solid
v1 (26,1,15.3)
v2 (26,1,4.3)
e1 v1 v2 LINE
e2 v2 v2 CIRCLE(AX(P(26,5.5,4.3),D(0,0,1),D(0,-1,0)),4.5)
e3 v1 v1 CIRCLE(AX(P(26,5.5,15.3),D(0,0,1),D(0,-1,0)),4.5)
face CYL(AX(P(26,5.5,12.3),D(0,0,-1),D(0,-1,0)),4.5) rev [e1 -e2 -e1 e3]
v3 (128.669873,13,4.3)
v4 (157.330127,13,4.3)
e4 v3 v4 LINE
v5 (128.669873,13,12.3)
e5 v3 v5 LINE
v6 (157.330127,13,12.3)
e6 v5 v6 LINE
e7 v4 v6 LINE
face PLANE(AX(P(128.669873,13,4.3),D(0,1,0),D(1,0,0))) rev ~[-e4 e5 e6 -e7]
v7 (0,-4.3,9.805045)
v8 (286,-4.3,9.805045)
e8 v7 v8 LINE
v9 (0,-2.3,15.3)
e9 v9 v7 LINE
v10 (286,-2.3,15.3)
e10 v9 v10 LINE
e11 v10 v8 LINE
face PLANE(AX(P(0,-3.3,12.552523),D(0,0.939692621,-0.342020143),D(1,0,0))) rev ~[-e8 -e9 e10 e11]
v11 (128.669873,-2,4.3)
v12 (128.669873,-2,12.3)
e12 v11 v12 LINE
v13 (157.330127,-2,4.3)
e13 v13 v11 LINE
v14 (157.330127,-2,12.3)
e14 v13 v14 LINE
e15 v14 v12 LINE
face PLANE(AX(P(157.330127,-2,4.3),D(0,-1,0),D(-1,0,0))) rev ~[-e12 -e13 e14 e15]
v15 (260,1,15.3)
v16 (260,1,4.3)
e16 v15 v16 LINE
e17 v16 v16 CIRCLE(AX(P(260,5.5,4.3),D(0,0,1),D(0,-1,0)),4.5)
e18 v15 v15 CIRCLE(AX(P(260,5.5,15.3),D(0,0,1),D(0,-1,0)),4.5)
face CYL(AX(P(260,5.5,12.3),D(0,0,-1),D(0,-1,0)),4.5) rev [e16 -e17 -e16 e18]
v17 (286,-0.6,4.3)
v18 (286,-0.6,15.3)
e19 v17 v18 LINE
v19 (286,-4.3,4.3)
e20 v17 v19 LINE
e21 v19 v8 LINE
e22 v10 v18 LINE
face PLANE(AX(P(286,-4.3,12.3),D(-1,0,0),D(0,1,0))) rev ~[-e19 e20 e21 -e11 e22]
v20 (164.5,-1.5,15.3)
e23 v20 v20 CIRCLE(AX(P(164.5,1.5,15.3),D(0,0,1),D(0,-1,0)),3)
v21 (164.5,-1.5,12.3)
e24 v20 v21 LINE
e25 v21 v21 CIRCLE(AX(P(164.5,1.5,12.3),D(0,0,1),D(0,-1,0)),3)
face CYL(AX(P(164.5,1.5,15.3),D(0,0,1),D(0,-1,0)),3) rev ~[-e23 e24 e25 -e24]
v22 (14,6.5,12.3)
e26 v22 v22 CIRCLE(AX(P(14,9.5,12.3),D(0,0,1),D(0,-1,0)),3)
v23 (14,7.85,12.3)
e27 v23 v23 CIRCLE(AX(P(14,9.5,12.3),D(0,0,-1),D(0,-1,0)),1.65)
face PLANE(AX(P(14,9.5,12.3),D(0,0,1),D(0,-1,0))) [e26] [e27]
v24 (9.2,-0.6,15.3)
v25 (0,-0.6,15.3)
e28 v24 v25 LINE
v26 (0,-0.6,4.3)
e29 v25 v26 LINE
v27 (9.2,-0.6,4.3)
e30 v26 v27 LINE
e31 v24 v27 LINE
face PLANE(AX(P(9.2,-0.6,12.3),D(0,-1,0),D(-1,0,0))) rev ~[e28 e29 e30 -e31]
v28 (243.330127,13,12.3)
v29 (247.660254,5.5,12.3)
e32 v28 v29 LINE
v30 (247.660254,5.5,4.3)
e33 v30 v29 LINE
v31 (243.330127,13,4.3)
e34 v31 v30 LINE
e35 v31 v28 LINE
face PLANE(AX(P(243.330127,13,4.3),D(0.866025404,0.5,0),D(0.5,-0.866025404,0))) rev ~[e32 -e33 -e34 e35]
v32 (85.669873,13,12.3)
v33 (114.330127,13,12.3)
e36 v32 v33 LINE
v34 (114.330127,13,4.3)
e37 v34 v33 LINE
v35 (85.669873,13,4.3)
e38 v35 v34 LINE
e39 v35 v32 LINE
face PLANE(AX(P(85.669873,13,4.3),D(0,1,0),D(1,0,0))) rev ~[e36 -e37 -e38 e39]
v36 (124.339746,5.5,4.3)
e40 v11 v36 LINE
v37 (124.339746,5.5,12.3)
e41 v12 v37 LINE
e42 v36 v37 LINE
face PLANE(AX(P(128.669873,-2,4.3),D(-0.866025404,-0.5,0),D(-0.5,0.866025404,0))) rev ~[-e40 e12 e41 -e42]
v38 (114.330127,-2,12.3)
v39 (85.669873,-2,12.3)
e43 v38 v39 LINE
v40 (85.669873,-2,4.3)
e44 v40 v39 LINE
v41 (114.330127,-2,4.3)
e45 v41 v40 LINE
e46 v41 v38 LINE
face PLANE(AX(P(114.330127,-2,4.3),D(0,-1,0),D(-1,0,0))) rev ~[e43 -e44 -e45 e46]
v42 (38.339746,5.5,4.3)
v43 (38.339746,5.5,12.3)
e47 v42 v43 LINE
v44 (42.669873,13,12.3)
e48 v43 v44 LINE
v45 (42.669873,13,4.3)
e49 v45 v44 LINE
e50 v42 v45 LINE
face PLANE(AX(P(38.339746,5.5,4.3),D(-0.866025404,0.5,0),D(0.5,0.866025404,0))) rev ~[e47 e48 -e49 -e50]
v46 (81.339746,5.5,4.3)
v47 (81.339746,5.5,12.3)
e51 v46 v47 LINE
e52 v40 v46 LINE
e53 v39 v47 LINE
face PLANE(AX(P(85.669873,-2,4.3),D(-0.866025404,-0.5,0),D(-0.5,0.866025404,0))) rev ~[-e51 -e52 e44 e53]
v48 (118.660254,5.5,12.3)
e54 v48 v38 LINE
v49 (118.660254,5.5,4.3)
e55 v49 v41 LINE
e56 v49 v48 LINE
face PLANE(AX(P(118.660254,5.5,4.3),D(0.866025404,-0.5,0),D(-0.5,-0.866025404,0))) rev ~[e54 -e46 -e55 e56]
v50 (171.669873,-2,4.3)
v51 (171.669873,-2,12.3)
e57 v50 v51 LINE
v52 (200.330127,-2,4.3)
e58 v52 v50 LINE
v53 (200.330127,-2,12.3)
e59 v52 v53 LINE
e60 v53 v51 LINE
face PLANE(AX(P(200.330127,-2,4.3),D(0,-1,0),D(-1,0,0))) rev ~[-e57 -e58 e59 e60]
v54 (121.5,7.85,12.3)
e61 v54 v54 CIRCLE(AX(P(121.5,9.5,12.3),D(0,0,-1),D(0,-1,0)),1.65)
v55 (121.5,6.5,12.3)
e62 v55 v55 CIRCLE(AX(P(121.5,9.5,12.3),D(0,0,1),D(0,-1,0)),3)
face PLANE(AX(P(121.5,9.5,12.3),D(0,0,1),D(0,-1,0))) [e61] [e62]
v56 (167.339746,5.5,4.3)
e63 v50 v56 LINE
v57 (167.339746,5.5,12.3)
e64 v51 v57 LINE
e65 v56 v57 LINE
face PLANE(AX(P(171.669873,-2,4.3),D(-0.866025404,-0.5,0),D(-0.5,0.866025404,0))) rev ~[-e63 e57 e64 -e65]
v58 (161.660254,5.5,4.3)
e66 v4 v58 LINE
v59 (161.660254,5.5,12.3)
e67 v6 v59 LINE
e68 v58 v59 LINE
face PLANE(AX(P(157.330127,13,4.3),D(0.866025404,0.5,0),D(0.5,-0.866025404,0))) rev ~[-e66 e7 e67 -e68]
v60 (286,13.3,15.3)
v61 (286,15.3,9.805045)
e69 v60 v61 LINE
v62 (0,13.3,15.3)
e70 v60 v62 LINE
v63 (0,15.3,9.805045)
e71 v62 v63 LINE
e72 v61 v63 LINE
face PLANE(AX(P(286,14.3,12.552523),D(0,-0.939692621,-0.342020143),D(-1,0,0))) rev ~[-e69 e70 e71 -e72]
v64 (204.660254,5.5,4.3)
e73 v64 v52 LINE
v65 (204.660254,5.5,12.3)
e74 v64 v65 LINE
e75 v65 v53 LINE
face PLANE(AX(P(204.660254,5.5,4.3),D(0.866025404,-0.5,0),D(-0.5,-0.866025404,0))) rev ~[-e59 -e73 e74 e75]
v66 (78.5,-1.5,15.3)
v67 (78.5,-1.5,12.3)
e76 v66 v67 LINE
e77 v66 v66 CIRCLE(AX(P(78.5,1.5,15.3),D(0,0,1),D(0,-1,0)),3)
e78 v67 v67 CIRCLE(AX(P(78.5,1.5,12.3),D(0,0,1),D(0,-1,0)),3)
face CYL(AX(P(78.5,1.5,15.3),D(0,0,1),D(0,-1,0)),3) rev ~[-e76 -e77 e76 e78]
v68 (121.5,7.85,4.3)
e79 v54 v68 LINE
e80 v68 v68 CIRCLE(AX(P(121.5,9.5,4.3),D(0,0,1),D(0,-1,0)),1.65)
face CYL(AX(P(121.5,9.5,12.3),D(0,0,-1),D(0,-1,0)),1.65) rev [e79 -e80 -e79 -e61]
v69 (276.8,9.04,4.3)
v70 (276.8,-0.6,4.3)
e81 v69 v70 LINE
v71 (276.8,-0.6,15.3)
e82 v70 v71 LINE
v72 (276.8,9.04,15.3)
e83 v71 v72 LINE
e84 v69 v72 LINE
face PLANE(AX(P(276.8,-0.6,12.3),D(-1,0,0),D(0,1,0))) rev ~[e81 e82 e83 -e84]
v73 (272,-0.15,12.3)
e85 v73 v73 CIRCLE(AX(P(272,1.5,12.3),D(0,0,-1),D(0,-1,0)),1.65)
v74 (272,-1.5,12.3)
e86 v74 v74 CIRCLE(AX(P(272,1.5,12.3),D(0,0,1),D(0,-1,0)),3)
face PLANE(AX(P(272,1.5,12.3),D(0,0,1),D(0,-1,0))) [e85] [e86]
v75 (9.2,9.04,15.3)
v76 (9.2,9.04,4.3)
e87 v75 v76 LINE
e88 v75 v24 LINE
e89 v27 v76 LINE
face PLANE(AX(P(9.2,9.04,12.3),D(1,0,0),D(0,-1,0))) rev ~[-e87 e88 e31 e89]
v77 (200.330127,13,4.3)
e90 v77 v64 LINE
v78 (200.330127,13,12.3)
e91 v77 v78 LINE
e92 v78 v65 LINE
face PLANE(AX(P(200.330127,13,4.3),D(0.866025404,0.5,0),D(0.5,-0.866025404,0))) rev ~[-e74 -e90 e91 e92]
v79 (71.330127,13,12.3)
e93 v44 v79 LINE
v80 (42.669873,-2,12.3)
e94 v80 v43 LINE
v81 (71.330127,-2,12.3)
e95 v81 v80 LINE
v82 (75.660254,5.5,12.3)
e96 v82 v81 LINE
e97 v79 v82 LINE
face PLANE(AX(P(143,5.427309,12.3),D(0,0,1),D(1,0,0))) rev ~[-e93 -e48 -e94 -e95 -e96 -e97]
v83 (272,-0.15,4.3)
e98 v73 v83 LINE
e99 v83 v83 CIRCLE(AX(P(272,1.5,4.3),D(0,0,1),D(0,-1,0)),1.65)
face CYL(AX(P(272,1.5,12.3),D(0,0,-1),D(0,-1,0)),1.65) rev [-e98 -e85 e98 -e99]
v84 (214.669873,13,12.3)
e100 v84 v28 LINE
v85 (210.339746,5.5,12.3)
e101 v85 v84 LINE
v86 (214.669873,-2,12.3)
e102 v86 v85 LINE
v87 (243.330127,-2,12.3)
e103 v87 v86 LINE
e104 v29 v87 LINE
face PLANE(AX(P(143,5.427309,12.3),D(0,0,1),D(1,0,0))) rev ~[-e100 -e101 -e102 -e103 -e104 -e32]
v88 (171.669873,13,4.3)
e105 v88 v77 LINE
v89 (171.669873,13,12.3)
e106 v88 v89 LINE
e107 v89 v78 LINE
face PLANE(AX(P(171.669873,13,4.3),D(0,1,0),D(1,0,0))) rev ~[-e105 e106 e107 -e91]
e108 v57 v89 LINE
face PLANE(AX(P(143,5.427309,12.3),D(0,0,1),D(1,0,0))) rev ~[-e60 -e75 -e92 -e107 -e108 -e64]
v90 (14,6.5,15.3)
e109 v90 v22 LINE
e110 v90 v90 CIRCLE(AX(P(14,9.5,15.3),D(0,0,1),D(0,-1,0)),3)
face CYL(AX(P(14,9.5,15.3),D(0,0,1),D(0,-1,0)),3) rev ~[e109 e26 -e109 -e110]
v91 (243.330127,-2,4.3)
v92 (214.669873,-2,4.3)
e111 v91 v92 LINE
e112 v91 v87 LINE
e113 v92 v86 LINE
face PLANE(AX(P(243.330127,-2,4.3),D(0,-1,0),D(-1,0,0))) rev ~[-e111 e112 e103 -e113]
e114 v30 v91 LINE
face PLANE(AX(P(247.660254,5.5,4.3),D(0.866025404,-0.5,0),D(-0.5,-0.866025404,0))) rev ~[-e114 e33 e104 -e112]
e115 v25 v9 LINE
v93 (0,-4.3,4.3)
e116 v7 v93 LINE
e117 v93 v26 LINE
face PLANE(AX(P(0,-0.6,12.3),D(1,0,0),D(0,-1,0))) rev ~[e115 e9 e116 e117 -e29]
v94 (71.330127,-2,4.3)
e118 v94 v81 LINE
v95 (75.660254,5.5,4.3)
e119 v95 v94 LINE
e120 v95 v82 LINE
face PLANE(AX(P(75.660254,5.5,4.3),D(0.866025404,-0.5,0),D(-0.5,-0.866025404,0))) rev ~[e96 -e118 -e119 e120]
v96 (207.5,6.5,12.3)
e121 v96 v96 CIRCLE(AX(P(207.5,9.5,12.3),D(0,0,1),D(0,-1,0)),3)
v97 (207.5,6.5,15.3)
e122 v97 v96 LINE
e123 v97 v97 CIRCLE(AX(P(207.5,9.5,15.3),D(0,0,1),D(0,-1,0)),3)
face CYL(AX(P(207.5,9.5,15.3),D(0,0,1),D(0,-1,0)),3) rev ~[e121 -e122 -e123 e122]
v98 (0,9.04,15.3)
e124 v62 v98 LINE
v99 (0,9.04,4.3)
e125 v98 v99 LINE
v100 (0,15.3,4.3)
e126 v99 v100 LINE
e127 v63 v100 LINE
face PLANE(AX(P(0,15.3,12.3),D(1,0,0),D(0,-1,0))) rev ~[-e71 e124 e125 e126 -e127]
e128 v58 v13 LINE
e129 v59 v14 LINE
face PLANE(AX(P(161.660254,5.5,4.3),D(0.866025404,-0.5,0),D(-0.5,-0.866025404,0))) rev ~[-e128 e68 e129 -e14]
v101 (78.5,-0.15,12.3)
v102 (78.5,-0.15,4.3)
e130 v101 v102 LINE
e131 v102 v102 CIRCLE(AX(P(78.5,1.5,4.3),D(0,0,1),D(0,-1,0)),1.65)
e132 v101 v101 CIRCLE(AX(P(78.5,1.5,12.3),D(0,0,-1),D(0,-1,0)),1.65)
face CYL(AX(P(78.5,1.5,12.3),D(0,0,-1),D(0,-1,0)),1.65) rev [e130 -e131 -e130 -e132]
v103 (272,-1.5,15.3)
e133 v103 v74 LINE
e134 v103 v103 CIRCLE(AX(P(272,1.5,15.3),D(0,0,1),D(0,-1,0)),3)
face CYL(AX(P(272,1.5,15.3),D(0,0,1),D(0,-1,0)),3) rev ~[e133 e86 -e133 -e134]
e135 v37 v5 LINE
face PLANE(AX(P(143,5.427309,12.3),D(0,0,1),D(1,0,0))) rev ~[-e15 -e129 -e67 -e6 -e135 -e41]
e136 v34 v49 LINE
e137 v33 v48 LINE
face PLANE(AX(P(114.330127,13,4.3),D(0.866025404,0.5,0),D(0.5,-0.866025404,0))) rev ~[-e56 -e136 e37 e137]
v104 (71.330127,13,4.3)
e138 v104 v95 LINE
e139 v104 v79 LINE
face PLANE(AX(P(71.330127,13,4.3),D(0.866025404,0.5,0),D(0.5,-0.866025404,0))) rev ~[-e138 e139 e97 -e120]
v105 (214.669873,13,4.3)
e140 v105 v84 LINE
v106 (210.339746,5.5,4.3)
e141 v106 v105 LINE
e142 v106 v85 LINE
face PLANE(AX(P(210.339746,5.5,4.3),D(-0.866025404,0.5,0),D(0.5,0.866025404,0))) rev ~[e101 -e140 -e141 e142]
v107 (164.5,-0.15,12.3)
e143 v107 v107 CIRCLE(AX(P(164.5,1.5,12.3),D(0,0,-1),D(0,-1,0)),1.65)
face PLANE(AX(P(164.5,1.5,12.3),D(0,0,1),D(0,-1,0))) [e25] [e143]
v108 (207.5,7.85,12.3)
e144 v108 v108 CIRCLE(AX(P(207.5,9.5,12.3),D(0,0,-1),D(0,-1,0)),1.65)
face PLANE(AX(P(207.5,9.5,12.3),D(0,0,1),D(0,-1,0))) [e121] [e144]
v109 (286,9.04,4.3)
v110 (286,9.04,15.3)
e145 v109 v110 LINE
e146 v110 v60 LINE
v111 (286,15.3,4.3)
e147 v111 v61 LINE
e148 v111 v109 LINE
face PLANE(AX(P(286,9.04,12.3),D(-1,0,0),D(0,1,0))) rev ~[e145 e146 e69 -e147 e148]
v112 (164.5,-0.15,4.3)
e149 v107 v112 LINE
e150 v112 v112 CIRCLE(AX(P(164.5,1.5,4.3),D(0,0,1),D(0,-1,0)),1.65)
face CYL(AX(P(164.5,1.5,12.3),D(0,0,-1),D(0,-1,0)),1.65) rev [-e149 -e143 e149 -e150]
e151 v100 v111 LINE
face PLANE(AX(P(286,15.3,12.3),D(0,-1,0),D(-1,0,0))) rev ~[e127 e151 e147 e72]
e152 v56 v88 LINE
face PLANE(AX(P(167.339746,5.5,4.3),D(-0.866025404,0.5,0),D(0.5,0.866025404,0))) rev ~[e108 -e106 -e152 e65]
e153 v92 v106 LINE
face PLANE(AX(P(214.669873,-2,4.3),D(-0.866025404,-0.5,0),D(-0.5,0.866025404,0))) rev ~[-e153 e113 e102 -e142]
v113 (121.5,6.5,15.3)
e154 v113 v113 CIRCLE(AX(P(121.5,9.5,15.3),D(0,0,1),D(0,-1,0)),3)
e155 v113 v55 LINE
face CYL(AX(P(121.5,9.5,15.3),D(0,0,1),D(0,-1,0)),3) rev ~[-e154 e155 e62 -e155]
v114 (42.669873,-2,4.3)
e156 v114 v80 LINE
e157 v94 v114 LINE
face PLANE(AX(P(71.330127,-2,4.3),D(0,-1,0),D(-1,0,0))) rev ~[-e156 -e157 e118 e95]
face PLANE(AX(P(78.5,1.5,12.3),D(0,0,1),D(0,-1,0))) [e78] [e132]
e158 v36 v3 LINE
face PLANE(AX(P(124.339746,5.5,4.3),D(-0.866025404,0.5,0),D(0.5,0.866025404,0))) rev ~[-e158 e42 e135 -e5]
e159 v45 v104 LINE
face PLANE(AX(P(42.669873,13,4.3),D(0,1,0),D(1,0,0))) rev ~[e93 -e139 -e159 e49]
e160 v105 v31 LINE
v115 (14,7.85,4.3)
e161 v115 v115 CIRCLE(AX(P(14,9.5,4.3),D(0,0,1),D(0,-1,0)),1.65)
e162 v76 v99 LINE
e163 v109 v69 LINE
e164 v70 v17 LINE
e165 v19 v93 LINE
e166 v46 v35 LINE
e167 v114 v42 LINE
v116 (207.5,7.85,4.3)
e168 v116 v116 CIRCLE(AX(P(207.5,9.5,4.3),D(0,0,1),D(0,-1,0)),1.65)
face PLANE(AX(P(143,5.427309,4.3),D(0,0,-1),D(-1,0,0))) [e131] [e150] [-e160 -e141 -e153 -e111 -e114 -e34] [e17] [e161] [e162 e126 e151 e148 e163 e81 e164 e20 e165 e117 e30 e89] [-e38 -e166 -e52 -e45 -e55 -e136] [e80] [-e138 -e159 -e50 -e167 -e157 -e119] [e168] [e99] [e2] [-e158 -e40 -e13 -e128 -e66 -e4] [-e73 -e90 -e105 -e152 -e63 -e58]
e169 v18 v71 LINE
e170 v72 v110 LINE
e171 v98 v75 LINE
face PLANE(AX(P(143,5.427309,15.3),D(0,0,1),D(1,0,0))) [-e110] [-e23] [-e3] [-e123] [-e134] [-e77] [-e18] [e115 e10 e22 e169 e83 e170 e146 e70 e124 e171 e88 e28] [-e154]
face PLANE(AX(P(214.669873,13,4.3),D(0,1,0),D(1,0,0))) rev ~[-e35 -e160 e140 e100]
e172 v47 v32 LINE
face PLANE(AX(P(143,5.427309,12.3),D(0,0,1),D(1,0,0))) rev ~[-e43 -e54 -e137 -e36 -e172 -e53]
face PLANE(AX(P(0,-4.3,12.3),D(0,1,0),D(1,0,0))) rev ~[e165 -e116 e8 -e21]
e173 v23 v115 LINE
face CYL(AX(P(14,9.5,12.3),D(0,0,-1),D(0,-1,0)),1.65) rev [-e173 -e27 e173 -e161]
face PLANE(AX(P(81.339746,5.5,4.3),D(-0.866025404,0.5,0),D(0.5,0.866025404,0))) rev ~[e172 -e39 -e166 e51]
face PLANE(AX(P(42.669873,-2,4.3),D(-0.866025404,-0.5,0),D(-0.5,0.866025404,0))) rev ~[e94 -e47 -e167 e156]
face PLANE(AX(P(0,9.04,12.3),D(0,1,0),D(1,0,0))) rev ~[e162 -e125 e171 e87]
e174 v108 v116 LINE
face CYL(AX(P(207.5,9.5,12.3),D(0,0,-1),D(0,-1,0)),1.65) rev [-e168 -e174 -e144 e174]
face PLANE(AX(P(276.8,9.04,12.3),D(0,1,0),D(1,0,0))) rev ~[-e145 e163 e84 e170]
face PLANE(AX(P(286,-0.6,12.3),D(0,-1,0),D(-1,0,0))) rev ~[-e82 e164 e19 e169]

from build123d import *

# Parameters (mm, degrees)
SKIZZE1_R                          = 4.5
SKIZZE1_R_2                        = 1.65
AUFSATZ_LINEAR_AUSTRAGEN1_DEPTH    = 8
SKIZZE2_R                          = 4.5
SKIZZE2_R_2                        = 1.65
AUFSATZ_LINEAR_AUSTRAGEN2_DEPTH    = 3
FASE1_SIZE                         = 2
FASE1_SIZE2                        = 5.494954839
SKIZZE3_R                          = 3
SCHNITT_LINEAR_AUSTRAGEN1_DEPTH    = 3
K_RPER_VERSCHIEBEN_KOPIEREN1_ANGLE = 90


with BuildPart() as part:
    # Skizze1 → Aufsatz-Linear austragen1 (new body)
    with BuildSketch(Plane(origin=(0, 0, 0), x_dir=(1, 0, 0), z_dir=(0, 1, 0))):
        Polygon((286, 0), (286, -6.26), (276.8, -6.26), (276.8, -15.9), (286, -15.9), (286, -19.6), (0, -19.6), (0, -15.9), (9.2, -15.9), (9.2, -6.26), (0, -6.26), (0, 0), align=None)
        with Locations(Location((260, -9.8, 0), (0, 0, 270))):
            Circle(SKIZZE1_R, mode=Mode.SUBTRACT)
        with Locations(Location((26, -9.8, 0), (0, 0, 270))):
            Circle(SKIZZE1_R, mode=Mode.SUBTRACT)
        with Locations(Location((14, -5.8, 0), (0, 0, 270))):
            Circle(SKIZZE1_R_2, mode=Mode.SUBTRACT)
        with Locations(Location((78.5, -13.8, 0), (0, 0, 270))):
            Circle(SKIZZE1_R_2, mode=Mode.SUBTRACT)
        with Locations(Location((121.5, -5.8, 0), (0, 0, 270))):
            Circle(SKIZZE1_R_2, mode=Mode.SUBTRACT)
        with Locations(Location((164.5, -13.8, 0), (0, 0, 270))):
            Circle(SKIZZE1_R_2, mode=Mode.SUBTRACT)
        with Locations(Location((207.5, -5.8, 0), (0, 0, 270))):
            Circle(SKIZZE1_R_2, mode=Mode.SUBTRACT)
        with Locations(Location((272, -13.8, 0), (0, 0, 270))):
            Circle(SKIZZE1_R_2, mode=Mode.SUBTRACT)
        Polygon((200.330127019, -2.3), (204.660254038, -9.8), (200.330127019, -17.3), (171.669872981, -17.3), (167.339745962, -9.8), (171.669872981, -2.3), align=None, mode=Mode.SUBTRACT)
        Polygon((243.330127019, -2.3), (247.660254038, -9.8), (243.330127019, -17.3), (214.669872981, -17.3), (210.339745962, -9.8), (214.669872981, -2.3), align=None, mode=Mode.SUBTRACT)
        Polygon((81.339745962, -9.8), (85.669872981, -2.3), (114.330127019, -2.3), (118.660254038, -9.8), (114.330127019, -17.3), (85.669872981, -17.3), align=None, mode=Mode.SUBTRACT)
        Polygon((38.339745962, -9.8), (42.669872981, -2.3), (71.330127019, -2.3), (75.660254038, -9.8), (71.330127019, -17.3), (42.669872981, -17.3), align=None, mode=Mode.SUBTRACT)
        Polygon((128.669872981, -2.3), (157.330127019, -2.3), (161.660254038, -9.8), (157.330127019, -17.3), (128.669872981, -17.3), (124.339745962, -9.8), align=None, mode=Mode.SUBTRACT)
    extrude(amount=AUFSATZ_LINEAR_AUSTRAGEN1_DEPTH)

    # Skizze2 → Aufsatz-Linear austragen2 (add)
    with BuildSketch(Plane(origin=(0, 8, 0), x_dir=(1, 0, 0), z_dir=(0, 1, 0))):
        Polygon((0, -19.6), (286, -19.6), (286, -15.9), (276.8, -15.9), (276.8, -6.26), (286, -6.26), (286, 0), (0, 0), (0, -6.26), (9.2, -6.26), (9.2, -15.9), (0, -15.9), align=None)
        with Locations(Location((260, -9.8, 0), (0, 0, 270))):
            Circle(SKIZZE2_R, mode=Mode.SUBTRACT)
        with Locations(Location((26, -9.8, 0), (0, 0, 270))):
            Circle(SKIZZE2_R, mode=Mode.SUBTRACT)
        with Locations(Location((272, -13.8, 0), (0, 0, 270))):
            Circle(SKIZZE2_R_2, mode=Mode.SUBTRACT)
        with Locations(Location((207.5, -5.8, 0), (0, 0, 270))):
            Circle(SKIZZE2_R_2, mode=Mode.SUBTRACT)
        with Locations(Location((164.5, -13.8, 0), (0, 0, 270))):
            Circle(SKIZZE2_R_2, mode=Mode.SUBTRACT)
        with Locations(Location((78.5, -13.8, 0), (0, 0, 270))):
            Circle(SKIZZE2_R_2, mode=Mode.SUBTRACT)
        with Locations(Location((121.5, -5.8, 0), (0, 0, 270))):
            Circle(SKIZZE2_R_2, mode=Mode.SUBTRACT)
        with Locations(Location((14, -5.8, 0), (0, 0, 270))):
            Circle(SKIZZE2_R_2, mode=Mode.SUBTRACT)
    extrude(amount=AUFSATZ_LINEAR_AUSTRAGEN2_DEPTH)

    # Fase1
    fase1_edges = [part.edges().sort_by_distance(p)[0] for p in [
        (143, 11, 19.6),
        (143, 11, 0),
    ]]
    fase1_side = [part.faces().sort_by_distance(p)[0] for p in [
        (143, 11, 9.756751336),
    ]]
    chamfer(fase1_edges, length=FASE1_SIZE, length2=FASE1_SIZE2, reference=fase1_side[0])

    # Skizze3 → Schnitt-Linear austragen1 (cut)
    with BuildSketch(Plane(origin=(0, 11, 0), x_dir=(1, 0, 0), z_dir=(0, 1, 0))):
        with Locations(Location((14, -5.8, 0), (0, 0, 270))):
            Circle(SKIZZE3_R)
        with Locations(Location((78.5, -13.8, 0), (0, 0, 270))):
            Circle(SKIZZE3_R)
        with Locations(Location((121.5, -5.8, 0), (0, 0, 270))):
            Circle(SKIZZE3_R)
        with Locations(Location((164.5, -13.8, 0), (0, 0, 270))):
            Circle(SKIZZE3_R)
        with Locations(Location((207.5, -5.8, 0), (0, 0, 270))):
            Circle(SKIZZE3_R)
        with Locations(Location((272, -13.8, 0), (0, 0, 270))):
            Circle(SKIZZE3_R)
    extrude(amount=-SCHNITT_LINEAR_AUSTRAGEN1_DEPTH, mode=Mode.SUBTRACT)


with BuildPart() as part_1:
    # Körper-Verschieben/Kopieren1: moved
    add(part.part.rotate(Axis((0, 5.5, 9.8), (1, 0, 0)), K_RPER_VERSCHIEBEN_KOPIEREN1_ANGLE))


solid = part_1.part
